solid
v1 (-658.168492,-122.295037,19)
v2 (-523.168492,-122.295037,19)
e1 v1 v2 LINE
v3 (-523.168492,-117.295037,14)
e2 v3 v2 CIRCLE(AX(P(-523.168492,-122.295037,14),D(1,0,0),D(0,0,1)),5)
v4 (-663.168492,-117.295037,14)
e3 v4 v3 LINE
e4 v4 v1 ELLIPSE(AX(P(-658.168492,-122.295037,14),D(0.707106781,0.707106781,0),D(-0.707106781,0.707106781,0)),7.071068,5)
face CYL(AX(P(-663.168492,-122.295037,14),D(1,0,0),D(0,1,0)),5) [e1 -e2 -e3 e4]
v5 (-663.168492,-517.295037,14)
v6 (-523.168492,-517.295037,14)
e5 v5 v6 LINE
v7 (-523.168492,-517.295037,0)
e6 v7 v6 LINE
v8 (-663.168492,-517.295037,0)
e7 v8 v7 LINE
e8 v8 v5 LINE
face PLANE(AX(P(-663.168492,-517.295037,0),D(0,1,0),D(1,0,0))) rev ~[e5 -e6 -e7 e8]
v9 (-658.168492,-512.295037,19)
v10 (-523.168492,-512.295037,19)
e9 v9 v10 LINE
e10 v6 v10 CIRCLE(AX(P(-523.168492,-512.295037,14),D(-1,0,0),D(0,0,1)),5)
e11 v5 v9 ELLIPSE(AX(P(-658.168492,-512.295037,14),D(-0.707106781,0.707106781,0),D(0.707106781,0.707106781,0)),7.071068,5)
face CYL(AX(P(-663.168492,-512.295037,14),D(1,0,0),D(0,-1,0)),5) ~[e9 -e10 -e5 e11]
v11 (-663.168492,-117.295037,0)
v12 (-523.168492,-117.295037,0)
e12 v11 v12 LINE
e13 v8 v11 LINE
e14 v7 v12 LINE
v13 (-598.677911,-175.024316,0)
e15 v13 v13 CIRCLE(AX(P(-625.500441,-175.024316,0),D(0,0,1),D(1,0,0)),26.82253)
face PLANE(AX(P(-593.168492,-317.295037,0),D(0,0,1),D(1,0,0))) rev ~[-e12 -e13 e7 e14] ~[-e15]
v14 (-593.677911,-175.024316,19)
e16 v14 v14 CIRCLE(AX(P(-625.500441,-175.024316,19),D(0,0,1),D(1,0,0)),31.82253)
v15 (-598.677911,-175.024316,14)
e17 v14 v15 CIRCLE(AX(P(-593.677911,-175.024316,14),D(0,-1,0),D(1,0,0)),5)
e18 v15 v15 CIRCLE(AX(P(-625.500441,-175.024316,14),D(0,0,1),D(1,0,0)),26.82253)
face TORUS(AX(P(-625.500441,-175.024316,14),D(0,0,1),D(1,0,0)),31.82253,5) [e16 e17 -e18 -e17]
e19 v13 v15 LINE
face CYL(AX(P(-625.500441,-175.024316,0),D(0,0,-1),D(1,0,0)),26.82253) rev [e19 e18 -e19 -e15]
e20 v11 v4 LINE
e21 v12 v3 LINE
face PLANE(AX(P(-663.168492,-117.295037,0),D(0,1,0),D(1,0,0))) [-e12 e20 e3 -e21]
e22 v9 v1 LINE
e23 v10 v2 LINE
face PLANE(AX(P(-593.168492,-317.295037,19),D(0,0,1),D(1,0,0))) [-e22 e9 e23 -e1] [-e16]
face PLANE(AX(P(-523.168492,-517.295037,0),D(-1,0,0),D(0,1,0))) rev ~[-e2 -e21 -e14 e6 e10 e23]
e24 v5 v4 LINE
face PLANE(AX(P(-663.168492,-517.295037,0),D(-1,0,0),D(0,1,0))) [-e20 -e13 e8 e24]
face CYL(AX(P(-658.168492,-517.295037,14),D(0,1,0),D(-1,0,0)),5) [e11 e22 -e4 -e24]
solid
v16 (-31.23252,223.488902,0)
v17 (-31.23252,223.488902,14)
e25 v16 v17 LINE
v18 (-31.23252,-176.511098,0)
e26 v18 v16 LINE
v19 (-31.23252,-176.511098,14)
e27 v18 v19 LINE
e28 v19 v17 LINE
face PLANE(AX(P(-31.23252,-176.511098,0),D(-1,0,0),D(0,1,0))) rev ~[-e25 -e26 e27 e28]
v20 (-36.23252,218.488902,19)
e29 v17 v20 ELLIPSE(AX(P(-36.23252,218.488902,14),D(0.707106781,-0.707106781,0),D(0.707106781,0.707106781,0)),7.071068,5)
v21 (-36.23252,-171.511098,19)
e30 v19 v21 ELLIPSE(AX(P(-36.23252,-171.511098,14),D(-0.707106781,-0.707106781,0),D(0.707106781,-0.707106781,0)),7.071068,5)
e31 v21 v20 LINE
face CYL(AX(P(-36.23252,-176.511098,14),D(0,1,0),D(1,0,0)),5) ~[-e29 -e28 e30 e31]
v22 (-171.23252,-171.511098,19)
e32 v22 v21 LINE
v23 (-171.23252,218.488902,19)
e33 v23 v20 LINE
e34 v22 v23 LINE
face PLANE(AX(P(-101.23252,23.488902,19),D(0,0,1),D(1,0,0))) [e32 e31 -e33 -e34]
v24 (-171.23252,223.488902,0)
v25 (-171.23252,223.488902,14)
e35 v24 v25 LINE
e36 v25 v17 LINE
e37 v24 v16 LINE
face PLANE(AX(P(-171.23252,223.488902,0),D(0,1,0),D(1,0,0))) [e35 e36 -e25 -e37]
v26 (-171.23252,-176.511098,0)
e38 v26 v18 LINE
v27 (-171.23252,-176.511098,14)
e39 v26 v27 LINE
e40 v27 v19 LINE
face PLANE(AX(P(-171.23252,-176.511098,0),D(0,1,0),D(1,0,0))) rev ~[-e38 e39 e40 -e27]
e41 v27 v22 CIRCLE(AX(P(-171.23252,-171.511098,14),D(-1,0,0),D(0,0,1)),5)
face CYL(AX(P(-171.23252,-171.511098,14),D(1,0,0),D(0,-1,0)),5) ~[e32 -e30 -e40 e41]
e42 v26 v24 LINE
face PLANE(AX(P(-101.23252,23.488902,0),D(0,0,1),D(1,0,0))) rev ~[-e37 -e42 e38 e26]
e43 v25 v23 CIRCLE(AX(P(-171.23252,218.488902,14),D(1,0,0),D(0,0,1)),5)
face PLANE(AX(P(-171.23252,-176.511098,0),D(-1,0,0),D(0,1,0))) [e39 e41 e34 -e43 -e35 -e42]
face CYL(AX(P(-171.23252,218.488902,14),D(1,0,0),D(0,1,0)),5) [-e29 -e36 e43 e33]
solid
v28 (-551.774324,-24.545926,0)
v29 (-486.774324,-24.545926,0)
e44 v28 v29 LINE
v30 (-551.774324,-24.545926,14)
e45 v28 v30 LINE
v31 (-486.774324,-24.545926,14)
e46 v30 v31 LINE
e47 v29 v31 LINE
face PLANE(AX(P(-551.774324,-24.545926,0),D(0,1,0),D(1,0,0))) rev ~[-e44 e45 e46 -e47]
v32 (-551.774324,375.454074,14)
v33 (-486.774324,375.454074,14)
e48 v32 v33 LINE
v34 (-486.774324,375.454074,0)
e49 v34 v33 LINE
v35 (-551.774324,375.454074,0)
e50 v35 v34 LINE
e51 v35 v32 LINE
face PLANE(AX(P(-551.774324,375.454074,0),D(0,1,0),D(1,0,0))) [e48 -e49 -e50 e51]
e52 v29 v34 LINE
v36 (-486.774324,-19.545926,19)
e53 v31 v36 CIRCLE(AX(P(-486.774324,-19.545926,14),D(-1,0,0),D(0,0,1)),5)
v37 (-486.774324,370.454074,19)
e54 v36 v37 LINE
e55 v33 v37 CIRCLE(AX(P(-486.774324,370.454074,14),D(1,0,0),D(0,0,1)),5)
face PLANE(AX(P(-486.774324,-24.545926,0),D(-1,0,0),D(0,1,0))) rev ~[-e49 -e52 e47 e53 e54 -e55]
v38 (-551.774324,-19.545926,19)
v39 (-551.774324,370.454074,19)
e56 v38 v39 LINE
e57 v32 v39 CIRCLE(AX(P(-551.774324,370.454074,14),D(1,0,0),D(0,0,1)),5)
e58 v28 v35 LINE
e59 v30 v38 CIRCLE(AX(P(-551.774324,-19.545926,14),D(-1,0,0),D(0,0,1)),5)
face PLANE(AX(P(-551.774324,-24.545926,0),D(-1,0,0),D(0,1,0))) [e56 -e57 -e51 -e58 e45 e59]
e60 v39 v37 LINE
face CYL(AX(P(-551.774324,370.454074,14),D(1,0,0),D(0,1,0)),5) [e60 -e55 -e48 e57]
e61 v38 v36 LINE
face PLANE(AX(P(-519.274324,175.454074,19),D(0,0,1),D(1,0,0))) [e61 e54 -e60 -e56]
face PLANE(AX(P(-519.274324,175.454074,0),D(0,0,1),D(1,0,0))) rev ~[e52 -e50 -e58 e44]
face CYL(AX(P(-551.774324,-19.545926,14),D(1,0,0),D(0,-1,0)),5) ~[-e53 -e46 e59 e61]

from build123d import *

# Parameters (mm, degrees)
F0_W     = 140
F0_H     = 400
F1_DEPTH = 19
F2_W     = 65
F2_H     = 400
F3_DEPTH = 19
F4_W     = 140
F4_H     = 400
F4_R     = 26.82253
F5_DEPTH = 19
F6_R     = 5
F6_2_R   = 5
F6_3_R   = 5
F7_R     = 5


with BuildPart() as f1:
    # F0 (on Top) → F1 (new body)
    with BuildSketch(Plane.XY):
        with Locations((-101.23252, 23.488902)):
            Rectangle(F0_W, F0_H)
    extrude(amount=F1_DEPTH)

    # F6#3
    f6_3_edges = [f1.edges().sort_by_distance(p)[0] for p in [
        (-101.23252, -176.511098, 19),
        (-31.23252, 23.488902, 19),
        (-101.23252, 223.488902, 19),
    ]]
    fillet(f6_3_edges, radius=F6_3_R)


with BuildPart() as f3:
    # F2 (on Top) → F3 (new body)
    with BuildSketch(Plane.XY):
        with Locations((-519.274324, 175.454074)):
            Rectangle(F2_W, F2_H)
    extrude(amount=F3_DEPTH)

    # F6#2
    f6_2_edges = [f3.edges().sort_by_distance(p)[0] for p in [
        (-519.274324, -24.545926, 19),
        (-519.274324, 375.454074, 19),
    ]]
    fillet(f6_2_edges, radius=F6_2_R)


with BuildPart() as f5:
    # F4 (on Top) → F5 (new body)
    with BuildSketch(Plane.XY):
        with Locations((-593.168492, -317.295037)):
            Rectangle(F4_W, F4_H)
        with Locations((-625.500441, -175.024316)):
            Circle(F4_R, mode=Mode.SUBTRACT)
    extrude(amount=F5_DEPTH)

    # F6
    f6_edges = [f5.edges().sort_by_distance(p)[0] for p in [
        (-663.168492, -317.295037, 19),
        (-593.168492, -517.295037, 19),
        (-593.168492, -117.295037, 19),
    ]]
    fillet(f6_edges, radius=F6_R)

    # F7
    f7_edges = [f5.edges().sort_by_distance(p)[0] for p in [
        (-652.32297, -175.024316, 19),
    ]]
    fillet(f7_edges, radius=F7_R)


solid = Compound([f1.part, f3.part, f5.part])
